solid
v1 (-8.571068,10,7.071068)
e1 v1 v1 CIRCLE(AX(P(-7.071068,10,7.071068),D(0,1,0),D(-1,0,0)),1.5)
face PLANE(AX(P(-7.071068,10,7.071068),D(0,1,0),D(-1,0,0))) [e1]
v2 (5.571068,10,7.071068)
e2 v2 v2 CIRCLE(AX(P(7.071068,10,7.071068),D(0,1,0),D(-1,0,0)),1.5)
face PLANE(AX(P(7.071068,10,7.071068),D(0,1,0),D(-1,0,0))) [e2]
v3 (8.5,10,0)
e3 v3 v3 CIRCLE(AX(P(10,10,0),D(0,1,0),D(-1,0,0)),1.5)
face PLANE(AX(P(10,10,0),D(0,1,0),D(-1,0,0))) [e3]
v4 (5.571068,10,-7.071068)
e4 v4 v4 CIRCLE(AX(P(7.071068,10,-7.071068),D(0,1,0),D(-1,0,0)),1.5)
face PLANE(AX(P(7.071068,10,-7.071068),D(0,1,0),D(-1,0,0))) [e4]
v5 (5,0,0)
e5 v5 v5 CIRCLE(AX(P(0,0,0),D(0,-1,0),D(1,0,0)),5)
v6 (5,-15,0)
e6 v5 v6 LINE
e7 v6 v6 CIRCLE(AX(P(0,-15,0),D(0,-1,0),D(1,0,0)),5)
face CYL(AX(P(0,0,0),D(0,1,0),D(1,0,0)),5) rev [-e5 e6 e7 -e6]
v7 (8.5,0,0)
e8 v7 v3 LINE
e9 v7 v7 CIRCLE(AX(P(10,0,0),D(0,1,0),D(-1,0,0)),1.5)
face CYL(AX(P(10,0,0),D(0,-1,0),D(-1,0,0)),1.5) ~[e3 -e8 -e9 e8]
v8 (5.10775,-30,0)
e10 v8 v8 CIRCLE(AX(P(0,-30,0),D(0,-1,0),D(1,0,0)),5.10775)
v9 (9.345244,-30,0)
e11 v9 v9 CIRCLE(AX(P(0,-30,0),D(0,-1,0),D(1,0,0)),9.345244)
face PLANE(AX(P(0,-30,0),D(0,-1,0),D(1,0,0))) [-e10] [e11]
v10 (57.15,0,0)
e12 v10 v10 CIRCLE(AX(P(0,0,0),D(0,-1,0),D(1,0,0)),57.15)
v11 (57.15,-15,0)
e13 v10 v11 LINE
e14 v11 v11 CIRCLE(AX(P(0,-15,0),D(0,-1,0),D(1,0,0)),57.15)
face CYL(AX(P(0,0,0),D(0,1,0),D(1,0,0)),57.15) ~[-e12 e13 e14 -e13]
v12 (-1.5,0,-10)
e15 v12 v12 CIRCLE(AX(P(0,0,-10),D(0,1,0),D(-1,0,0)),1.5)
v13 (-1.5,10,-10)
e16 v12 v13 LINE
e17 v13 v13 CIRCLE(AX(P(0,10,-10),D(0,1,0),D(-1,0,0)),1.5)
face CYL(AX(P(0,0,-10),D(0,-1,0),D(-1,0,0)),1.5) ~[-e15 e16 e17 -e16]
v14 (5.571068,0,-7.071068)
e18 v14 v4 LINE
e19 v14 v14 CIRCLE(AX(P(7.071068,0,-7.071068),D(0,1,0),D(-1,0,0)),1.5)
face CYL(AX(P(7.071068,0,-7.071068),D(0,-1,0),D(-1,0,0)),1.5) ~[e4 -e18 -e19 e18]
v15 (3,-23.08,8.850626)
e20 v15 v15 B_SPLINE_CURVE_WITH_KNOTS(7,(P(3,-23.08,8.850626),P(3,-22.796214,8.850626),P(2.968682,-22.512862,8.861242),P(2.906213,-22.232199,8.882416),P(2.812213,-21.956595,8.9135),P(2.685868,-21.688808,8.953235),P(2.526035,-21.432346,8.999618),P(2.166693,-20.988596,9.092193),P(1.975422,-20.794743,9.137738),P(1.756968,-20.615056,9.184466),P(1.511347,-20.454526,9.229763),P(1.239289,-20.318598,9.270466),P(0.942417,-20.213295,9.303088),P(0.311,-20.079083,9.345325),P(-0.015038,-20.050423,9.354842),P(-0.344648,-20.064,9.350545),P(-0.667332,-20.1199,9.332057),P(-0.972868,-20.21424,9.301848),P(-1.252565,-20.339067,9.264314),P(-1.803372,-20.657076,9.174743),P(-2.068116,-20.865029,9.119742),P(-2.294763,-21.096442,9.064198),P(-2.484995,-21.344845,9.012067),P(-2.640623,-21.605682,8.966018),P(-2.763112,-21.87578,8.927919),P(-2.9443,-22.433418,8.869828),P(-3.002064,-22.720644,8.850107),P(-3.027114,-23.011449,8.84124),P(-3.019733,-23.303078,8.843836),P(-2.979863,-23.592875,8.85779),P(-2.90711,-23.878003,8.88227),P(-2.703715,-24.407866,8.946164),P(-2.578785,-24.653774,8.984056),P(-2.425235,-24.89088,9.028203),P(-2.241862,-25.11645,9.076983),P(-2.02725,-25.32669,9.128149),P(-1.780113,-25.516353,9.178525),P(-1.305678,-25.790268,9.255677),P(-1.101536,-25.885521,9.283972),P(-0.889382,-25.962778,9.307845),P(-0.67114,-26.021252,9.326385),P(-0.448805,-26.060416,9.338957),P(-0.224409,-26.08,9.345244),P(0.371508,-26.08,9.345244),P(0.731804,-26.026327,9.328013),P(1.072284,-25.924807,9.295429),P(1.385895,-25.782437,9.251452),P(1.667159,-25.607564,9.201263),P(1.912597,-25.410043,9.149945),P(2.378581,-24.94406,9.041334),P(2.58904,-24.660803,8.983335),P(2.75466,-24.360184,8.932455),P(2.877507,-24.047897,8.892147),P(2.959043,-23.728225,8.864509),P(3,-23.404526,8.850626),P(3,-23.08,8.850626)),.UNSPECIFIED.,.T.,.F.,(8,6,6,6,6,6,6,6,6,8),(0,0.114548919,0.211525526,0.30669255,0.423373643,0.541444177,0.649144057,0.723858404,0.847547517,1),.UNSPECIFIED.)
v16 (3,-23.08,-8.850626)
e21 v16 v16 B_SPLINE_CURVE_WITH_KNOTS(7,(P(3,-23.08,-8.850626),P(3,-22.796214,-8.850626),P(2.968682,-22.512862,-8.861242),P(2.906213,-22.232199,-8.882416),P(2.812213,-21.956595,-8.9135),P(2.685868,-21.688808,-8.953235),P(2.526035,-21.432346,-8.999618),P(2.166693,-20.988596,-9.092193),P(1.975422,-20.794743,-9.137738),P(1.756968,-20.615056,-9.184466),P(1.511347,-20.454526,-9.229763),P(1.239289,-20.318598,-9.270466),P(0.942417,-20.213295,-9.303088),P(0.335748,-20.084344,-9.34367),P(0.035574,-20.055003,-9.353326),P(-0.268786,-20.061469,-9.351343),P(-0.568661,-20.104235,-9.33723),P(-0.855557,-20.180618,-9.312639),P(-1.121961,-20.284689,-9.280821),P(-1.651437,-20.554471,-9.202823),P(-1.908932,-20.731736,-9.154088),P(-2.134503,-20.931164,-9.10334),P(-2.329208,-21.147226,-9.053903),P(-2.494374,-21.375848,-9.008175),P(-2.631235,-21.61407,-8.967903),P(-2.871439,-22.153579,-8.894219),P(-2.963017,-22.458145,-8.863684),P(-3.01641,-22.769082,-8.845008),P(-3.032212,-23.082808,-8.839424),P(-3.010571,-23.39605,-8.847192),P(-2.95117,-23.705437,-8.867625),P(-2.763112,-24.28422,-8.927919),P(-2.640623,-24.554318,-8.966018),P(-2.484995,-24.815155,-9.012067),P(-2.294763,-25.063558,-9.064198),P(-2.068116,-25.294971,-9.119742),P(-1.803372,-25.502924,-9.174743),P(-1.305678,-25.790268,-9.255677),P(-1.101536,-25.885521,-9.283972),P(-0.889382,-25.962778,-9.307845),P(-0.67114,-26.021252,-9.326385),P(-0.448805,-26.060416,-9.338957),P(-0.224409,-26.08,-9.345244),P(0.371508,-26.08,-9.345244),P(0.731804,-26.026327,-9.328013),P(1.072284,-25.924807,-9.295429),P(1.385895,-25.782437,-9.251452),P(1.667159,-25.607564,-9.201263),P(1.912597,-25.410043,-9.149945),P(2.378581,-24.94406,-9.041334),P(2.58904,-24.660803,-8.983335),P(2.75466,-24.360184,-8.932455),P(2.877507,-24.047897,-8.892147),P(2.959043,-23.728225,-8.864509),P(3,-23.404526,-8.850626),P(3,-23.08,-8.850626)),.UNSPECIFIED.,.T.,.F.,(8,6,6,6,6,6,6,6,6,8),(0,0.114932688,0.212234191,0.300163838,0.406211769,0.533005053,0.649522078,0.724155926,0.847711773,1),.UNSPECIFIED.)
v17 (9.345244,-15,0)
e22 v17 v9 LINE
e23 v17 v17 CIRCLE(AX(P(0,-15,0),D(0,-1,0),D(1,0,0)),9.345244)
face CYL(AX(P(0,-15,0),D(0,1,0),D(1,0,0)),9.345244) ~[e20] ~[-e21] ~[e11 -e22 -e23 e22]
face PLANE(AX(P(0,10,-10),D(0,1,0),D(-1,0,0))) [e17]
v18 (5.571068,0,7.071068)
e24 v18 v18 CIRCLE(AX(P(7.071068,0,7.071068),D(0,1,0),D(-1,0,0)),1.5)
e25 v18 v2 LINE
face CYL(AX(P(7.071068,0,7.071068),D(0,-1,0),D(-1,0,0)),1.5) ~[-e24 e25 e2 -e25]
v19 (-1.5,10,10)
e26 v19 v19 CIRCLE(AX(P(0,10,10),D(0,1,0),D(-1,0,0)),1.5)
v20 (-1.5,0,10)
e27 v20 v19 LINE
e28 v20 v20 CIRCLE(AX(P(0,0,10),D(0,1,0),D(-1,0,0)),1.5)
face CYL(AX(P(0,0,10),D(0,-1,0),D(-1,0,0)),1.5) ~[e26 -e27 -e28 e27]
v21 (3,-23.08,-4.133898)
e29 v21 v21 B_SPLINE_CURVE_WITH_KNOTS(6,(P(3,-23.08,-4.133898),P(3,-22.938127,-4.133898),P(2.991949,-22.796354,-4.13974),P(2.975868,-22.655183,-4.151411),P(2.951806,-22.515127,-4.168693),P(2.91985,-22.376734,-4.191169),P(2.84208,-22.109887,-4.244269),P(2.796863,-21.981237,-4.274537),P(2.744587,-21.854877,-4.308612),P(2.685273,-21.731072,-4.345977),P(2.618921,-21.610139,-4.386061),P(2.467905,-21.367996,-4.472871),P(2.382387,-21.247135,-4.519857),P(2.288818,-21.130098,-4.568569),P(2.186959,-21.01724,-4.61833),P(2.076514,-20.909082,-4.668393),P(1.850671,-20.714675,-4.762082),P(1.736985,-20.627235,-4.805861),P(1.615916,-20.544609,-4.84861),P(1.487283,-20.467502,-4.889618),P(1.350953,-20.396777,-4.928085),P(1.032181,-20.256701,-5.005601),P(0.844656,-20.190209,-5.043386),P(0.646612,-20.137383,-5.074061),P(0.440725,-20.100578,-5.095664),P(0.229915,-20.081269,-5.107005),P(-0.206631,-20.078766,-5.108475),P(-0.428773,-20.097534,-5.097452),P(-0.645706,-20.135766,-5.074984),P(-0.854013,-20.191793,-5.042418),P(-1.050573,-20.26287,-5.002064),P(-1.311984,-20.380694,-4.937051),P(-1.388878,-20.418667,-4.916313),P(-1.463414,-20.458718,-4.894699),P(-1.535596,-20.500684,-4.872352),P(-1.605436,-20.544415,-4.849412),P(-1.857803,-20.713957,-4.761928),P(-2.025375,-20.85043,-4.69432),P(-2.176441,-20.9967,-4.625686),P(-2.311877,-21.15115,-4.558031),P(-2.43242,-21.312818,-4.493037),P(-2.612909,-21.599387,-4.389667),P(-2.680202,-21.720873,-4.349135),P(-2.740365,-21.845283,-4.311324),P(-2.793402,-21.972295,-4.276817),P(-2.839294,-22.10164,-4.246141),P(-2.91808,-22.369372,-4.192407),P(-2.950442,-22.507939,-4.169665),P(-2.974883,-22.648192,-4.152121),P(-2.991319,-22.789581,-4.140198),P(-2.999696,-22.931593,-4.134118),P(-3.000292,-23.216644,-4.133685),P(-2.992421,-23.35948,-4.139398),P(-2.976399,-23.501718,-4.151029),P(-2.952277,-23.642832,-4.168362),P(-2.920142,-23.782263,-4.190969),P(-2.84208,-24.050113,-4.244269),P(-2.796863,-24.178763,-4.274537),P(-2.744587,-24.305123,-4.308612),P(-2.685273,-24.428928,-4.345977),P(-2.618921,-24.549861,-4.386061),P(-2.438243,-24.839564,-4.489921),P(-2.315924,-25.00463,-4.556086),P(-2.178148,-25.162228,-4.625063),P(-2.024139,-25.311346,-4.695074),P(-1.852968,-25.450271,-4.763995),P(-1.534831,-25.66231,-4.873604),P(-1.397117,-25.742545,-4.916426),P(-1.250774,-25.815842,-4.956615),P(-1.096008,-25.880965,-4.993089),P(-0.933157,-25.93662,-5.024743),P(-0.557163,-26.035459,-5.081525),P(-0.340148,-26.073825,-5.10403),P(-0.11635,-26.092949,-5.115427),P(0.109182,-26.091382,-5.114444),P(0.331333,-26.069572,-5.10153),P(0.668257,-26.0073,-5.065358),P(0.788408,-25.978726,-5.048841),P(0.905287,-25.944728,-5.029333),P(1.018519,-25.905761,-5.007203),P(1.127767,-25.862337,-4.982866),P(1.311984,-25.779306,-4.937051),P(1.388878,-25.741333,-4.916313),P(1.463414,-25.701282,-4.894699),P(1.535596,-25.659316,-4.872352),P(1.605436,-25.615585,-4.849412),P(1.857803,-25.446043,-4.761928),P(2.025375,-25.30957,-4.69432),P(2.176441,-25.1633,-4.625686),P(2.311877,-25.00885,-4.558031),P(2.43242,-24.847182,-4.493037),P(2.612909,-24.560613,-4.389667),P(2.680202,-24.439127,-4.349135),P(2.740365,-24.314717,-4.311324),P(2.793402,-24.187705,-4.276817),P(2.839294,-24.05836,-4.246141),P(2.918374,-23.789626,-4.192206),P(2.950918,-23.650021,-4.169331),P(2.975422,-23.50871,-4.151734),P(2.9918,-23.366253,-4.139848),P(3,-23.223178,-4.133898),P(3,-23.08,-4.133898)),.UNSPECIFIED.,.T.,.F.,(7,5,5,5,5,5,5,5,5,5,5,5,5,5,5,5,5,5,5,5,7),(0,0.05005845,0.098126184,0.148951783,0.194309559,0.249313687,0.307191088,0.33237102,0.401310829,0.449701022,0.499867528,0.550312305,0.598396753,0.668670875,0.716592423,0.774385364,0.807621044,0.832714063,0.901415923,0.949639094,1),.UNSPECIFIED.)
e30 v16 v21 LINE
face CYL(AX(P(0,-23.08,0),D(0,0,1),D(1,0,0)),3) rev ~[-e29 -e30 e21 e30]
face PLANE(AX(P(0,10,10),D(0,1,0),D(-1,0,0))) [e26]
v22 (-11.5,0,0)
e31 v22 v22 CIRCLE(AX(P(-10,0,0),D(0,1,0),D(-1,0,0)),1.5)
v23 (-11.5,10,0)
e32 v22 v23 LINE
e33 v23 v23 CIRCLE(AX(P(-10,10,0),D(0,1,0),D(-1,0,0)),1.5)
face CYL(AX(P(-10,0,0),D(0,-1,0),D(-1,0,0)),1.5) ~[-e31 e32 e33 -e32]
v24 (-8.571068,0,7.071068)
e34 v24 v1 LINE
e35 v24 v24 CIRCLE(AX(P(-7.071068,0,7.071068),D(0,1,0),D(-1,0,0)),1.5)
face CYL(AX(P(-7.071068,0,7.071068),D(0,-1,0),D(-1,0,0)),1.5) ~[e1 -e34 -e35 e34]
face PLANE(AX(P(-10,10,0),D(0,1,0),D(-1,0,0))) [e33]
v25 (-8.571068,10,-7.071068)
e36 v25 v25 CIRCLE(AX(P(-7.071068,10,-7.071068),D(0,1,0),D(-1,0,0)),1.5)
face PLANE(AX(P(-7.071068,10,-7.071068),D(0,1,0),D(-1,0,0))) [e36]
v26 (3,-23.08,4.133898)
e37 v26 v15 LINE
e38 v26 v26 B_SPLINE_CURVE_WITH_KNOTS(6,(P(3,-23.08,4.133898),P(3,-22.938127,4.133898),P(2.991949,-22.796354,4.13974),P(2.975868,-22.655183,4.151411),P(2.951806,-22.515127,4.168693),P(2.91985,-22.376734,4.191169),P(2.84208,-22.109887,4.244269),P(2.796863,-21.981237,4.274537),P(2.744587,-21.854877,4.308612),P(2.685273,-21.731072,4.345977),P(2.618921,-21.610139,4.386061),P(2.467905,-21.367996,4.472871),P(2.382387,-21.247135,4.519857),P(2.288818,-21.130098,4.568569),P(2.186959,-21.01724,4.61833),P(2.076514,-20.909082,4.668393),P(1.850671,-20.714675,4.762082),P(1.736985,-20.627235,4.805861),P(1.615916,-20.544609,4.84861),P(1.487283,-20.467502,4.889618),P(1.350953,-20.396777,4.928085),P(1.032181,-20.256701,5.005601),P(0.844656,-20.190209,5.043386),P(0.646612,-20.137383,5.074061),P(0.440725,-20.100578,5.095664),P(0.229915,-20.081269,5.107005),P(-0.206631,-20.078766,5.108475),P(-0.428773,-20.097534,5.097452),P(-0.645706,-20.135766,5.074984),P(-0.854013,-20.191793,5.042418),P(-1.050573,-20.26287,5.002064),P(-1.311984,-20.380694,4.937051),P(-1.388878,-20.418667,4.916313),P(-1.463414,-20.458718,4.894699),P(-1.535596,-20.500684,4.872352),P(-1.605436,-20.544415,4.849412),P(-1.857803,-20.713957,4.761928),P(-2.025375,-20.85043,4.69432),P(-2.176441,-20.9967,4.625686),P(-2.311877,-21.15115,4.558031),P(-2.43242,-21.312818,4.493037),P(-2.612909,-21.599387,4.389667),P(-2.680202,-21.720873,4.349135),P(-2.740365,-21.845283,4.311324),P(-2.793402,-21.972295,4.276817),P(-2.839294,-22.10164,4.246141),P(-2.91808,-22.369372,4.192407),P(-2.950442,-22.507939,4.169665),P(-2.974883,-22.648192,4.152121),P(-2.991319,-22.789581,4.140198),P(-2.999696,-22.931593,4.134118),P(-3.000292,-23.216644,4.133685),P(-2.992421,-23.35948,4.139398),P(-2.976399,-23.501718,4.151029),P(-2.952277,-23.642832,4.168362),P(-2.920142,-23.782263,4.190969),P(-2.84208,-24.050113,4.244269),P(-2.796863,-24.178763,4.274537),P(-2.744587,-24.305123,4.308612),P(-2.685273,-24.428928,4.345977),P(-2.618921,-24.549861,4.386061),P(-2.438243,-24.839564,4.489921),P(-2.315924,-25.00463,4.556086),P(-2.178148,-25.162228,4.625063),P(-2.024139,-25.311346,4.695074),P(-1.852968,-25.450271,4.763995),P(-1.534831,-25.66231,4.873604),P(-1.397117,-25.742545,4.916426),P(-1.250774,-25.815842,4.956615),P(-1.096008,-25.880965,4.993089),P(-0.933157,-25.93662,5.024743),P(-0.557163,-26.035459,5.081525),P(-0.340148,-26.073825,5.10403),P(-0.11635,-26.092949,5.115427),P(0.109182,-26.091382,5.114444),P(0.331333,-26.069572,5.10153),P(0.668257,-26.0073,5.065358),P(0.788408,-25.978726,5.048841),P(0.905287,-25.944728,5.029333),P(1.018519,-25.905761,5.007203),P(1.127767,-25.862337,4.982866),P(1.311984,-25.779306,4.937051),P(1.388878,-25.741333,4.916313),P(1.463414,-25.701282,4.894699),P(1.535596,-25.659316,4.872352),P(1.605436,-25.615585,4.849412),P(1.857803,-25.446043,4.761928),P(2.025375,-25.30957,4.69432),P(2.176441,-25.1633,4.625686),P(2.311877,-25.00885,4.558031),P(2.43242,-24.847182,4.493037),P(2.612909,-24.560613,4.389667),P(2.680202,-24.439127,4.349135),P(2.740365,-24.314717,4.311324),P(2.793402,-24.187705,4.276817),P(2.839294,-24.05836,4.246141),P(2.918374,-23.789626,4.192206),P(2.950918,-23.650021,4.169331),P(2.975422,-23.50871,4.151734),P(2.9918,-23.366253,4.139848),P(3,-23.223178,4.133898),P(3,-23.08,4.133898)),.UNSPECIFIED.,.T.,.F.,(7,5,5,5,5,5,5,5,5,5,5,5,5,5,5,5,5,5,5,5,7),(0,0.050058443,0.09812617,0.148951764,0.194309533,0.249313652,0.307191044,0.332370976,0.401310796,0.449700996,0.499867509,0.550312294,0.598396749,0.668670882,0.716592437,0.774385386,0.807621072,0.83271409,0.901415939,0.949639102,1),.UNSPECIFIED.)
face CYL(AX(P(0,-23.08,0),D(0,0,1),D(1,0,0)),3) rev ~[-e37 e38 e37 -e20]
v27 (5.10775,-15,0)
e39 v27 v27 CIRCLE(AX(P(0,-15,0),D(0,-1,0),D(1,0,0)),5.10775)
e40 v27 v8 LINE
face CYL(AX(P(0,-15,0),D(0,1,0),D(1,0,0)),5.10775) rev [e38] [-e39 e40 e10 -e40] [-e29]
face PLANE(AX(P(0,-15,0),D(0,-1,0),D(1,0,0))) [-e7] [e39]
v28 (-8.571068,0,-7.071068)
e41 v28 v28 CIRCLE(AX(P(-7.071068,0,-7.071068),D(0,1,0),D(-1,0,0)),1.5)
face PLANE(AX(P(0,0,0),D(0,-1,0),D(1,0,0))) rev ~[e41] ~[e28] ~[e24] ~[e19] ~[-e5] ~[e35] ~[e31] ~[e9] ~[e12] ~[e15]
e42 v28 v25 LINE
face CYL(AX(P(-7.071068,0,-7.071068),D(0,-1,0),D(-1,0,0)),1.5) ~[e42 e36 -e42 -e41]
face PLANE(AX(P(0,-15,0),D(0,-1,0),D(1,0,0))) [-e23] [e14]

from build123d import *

# Parameters (mm, degrees)
F0_R     = 57.15
F0_R_2   = 5
F1_DEPTH = 15
F2_R     = 9.345244
F2_R_2   = 5.10775
F3_DEPTH = 15
F4_R     = 3
F5_DEPTH = 12.7
F6_R     = 1.5
F7_DEPTH = 10


with BuildPart() as f1:
    # F0 (on Front) → F1 (new body)
    with BuildSketch(Plane.XZ):
        Circle(F0_R)
        Circle(F0_R_2, mode=Mode.SUBTRACT)
    extrude(amount=F1_DEPTH)

    # F2 (on face) → F3 (join)
    with BuildSketch(Plane.XZ.offset(15)):
        Circle(F2_R)
        Circle(F2_R_2, mode=Mode.SUBTRACT)
    extrude(amount=F3_DEPTH)

    # F4 (on Top) → F5 (cut, symmetric)
    with BuildSketch(Plane.XY):
        with Locations((0, -23.08)):
            Circle(F4_R)
    extrude(amount=F5_DEPTH, both=True, mode=Mode.SUBTRACT)

    # F6 (on face) → F7 (join)
    with BuildSketch(Plane(origin=(0, 0, 0), x_dir=(-1, 0, 0), z_dir=(0, 1, 0))):
        with Locations((0, 10)):
            Circle(F6_R)
        with Locations((7.071068, 7.071068)):
            Circle(F6_R)
        with Locations((10, 0)):
            Circle(F6_R)
        with Locations((7.071068, -7.071068)):
            Circle(F6_R)
        with Locations((0, -10)):
            Circle(F6_R)
        with Locations((-10, 0)):
            Circle(F6_R)
        with Locations((-7.071068, -7.071068)):
            Circle(F6_R)
        with Locations((-7.071068, 7.071068)):
            Circle(F6_R)
    extrude(amount=F7_DEPTH)


solid = f1.part
